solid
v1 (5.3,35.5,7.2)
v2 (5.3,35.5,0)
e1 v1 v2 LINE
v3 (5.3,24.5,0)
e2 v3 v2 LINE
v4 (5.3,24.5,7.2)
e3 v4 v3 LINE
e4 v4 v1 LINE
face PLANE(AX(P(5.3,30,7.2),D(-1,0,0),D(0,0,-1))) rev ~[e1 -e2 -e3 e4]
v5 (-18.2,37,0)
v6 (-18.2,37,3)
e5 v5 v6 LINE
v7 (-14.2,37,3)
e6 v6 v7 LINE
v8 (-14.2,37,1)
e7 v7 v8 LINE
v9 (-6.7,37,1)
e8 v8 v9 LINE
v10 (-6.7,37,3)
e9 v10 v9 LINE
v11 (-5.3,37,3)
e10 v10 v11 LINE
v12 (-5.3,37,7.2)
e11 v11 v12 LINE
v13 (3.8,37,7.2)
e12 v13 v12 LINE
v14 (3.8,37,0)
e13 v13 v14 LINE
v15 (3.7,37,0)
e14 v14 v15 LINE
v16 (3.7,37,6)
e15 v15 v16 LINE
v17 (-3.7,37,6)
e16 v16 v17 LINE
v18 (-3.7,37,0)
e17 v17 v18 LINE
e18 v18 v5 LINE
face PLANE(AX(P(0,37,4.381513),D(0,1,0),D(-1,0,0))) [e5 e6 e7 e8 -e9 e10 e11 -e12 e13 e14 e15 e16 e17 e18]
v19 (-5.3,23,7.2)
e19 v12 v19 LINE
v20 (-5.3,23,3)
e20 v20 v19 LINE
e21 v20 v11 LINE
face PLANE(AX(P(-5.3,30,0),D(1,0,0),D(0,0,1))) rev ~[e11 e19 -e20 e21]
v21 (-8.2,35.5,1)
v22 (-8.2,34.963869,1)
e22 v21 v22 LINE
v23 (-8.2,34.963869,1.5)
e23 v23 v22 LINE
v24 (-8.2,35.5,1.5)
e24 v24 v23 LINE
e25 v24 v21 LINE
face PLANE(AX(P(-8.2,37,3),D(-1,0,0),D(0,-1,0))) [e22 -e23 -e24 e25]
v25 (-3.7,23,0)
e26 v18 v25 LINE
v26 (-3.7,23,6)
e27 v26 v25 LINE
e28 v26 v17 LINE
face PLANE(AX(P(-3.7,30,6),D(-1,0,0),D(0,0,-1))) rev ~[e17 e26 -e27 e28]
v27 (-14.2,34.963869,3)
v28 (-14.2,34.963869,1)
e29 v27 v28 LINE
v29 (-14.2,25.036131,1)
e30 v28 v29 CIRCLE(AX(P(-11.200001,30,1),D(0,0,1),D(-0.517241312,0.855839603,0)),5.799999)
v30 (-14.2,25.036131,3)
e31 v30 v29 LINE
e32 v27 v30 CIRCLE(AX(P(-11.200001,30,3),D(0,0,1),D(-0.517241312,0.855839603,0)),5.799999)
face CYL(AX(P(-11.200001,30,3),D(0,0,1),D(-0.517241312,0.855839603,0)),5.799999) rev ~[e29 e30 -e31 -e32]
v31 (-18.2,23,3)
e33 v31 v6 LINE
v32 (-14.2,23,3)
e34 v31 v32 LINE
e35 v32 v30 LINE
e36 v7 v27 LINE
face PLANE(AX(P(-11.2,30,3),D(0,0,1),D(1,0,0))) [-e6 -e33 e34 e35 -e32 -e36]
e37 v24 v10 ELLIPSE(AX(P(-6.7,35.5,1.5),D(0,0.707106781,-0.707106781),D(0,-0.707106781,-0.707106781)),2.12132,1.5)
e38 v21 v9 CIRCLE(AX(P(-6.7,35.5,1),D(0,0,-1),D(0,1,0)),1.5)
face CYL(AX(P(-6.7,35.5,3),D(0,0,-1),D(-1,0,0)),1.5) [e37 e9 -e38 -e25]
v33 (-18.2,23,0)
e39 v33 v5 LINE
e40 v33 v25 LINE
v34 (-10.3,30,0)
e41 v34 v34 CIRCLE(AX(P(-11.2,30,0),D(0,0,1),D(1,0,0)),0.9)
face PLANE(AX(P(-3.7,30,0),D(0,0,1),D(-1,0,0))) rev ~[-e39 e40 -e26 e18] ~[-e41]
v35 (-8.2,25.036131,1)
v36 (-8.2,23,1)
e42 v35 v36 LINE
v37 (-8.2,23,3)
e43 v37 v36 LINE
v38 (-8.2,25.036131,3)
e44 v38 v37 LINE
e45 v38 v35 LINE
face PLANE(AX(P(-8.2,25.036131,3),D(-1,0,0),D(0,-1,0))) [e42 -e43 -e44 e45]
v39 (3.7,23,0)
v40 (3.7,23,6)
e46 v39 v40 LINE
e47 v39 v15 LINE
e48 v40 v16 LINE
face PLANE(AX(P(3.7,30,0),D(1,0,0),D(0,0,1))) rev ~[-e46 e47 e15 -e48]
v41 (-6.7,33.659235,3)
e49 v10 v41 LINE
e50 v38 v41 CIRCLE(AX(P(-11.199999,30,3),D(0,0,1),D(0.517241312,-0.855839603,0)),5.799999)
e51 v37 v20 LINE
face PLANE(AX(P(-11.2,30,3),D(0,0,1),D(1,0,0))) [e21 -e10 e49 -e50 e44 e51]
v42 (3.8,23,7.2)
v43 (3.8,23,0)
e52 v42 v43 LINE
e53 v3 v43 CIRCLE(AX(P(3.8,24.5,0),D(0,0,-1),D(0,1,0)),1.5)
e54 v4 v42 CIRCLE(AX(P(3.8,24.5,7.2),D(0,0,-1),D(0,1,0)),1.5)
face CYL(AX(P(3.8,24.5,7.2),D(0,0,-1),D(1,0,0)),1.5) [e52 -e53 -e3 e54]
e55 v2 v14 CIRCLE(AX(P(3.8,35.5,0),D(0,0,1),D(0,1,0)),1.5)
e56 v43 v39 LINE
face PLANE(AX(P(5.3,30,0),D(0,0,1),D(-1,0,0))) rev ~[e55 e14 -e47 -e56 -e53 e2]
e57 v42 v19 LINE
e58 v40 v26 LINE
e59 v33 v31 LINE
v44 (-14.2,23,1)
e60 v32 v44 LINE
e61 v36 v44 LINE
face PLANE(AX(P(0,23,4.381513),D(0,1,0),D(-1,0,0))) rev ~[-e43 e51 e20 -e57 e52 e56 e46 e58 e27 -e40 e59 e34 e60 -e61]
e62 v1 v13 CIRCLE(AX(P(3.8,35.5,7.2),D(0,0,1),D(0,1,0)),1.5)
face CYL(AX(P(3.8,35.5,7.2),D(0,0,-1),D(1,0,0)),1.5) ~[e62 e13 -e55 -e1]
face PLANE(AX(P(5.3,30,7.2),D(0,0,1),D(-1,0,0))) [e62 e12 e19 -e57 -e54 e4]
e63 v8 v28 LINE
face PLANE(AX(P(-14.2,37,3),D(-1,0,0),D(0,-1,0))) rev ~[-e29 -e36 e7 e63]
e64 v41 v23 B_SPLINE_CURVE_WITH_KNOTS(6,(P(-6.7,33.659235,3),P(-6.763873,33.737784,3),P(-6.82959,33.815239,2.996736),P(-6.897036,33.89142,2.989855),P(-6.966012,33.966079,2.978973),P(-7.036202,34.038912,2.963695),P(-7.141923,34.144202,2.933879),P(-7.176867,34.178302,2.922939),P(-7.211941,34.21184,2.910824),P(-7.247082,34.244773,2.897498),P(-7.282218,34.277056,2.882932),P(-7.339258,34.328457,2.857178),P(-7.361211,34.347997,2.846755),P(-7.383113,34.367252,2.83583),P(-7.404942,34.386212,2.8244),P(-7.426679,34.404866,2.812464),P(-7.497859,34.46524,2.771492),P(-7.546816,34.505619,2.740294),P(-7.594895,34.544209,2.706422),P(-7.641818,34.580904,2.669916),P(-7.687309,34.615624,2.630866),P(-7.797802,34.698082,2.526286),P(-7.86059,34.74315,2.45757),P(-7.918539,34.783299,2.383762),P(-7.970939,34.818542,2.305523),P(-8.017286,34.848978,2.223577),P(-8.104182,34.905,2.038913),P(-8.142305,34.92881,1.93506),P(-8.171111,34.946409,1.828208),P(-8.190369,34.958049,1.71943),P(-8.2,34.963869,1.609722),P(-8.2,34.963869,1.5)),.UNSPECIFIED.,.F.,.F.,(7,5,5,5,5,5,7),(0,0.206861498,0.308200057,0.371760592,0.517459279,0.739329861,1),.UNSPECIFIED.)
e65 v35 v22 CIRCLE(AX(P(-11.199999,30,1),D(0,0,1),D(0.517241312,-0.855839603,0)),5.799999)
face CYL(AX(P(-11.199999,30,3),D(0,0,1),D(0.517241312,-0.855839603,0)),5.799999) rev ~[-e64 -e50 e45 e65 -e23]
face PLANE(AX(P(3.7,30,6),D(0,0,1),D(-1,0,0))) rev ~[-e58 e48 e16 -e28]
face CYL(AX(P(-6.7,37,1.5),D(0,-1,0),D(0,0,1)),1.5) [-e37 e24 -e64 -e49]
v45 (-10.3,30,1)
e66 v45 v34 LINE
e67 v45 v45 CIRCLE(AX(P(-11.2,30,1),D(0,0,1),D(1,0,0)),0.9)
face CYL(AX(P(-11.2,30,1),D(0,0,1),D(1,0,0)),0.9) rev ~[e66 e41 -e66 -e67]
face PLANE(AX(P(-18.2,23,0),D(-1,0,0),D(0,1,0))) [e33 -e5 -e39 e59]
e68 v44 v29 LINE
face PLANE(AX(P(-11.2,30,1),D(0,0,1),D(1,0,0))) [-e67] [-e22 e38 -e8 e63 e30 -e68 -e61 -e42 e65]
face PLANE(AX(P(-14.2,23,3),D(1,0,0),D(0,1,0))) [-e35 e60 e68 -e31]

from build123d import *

# Parameters (mm, degrees)
PAD_DEPTH       = 7
SKETCH006_W     = 14
SKETCH006_H     = 14
PAD002_DEPTH    = 3
POCKET004_DEPTH = 2
SKETCH008_R     = 0.9
POCKET005_DEPTH = 1.001
FILLET_R        = 1.5


with BuildPart() as clamp_unit:
    # Sketch → Pad (new body, symmetric)
    with BuildSketch(Plane.XZ):
        Polygon((-3.7, 7.2), (5.3, 7.2), (5.3, 0), (3.7, 0), (3.7, 6), (-3.7, 6), (-3.7, 0), (-5.3, 0), (-5.3, 7.2), align=None)
    extrude(amount=PAD_DEPTH, both=True)


with BuildPart() as clone006:
    # Sketch006 → Pad002 (new body)
    with BuildSketch(Plane.XY):
        Rectangle(SKETCH006_W, SKETCH006_H)
    extrude(amount=PAD002_DEPTH)

    # Sketch007 → Pocket004 (cut)
    with BuildSketch(Plane.XY.offset(3)):
        with BuildLine():
            Line((-3, 7), (-3, 4.963869))
            ThreePointArc((-3, 4.963869), (-5.8, 0), (-3, -4.963869))
            Line((-3, -7), (-3, -4.963869))
            Line((3, -7), (-3, -7))
            Line((3, -4.963869), (3, -7))
            ThreePointArc((3, -4.963869), (5.8, 0), (3, 4.963869))
            Line((3, 7), (3, 4.963869))
            Line((-3, 7), (3, 7))
        make_face()
    extrude(amount=-POCKET004_DEPTH, mode=Mode.SUBTRACT)

    # Sketch008 → Pocket005 (cut, through all)
    with BuildSketch(Plane.XY.offset(1)):
        Circle(SKETCH008_R)
    extrude(amount=-POCKET005_DEPTH, mode=Mode.SUBTRACT)


with BuildPart() as clone006_1:
    # Clone placement: moved
    add(clone006.part.moved(Location((-11.2, 0, 0))))

    # Fusion: union clamp-unit
    add(clamp_unit.part)

    # Fillet
    fillet_edges = [clone006_1.edges().sort_by_distance(p)[0] for p in [
        (-8.2, 7, 2),
        (-8.2, 5.981935, 3),
        (5.3, 7, 3.6),
        (5.3, -7, 3.6),
    ]]
    fillet(fillet_edges, radius=FILLET_R)


with BuildPart() as clone006_2:
    # Clone006 placement: moved
    add(clone006_1.part.moved(Location((0, 30, 0))))


solid = clone006_2.part
